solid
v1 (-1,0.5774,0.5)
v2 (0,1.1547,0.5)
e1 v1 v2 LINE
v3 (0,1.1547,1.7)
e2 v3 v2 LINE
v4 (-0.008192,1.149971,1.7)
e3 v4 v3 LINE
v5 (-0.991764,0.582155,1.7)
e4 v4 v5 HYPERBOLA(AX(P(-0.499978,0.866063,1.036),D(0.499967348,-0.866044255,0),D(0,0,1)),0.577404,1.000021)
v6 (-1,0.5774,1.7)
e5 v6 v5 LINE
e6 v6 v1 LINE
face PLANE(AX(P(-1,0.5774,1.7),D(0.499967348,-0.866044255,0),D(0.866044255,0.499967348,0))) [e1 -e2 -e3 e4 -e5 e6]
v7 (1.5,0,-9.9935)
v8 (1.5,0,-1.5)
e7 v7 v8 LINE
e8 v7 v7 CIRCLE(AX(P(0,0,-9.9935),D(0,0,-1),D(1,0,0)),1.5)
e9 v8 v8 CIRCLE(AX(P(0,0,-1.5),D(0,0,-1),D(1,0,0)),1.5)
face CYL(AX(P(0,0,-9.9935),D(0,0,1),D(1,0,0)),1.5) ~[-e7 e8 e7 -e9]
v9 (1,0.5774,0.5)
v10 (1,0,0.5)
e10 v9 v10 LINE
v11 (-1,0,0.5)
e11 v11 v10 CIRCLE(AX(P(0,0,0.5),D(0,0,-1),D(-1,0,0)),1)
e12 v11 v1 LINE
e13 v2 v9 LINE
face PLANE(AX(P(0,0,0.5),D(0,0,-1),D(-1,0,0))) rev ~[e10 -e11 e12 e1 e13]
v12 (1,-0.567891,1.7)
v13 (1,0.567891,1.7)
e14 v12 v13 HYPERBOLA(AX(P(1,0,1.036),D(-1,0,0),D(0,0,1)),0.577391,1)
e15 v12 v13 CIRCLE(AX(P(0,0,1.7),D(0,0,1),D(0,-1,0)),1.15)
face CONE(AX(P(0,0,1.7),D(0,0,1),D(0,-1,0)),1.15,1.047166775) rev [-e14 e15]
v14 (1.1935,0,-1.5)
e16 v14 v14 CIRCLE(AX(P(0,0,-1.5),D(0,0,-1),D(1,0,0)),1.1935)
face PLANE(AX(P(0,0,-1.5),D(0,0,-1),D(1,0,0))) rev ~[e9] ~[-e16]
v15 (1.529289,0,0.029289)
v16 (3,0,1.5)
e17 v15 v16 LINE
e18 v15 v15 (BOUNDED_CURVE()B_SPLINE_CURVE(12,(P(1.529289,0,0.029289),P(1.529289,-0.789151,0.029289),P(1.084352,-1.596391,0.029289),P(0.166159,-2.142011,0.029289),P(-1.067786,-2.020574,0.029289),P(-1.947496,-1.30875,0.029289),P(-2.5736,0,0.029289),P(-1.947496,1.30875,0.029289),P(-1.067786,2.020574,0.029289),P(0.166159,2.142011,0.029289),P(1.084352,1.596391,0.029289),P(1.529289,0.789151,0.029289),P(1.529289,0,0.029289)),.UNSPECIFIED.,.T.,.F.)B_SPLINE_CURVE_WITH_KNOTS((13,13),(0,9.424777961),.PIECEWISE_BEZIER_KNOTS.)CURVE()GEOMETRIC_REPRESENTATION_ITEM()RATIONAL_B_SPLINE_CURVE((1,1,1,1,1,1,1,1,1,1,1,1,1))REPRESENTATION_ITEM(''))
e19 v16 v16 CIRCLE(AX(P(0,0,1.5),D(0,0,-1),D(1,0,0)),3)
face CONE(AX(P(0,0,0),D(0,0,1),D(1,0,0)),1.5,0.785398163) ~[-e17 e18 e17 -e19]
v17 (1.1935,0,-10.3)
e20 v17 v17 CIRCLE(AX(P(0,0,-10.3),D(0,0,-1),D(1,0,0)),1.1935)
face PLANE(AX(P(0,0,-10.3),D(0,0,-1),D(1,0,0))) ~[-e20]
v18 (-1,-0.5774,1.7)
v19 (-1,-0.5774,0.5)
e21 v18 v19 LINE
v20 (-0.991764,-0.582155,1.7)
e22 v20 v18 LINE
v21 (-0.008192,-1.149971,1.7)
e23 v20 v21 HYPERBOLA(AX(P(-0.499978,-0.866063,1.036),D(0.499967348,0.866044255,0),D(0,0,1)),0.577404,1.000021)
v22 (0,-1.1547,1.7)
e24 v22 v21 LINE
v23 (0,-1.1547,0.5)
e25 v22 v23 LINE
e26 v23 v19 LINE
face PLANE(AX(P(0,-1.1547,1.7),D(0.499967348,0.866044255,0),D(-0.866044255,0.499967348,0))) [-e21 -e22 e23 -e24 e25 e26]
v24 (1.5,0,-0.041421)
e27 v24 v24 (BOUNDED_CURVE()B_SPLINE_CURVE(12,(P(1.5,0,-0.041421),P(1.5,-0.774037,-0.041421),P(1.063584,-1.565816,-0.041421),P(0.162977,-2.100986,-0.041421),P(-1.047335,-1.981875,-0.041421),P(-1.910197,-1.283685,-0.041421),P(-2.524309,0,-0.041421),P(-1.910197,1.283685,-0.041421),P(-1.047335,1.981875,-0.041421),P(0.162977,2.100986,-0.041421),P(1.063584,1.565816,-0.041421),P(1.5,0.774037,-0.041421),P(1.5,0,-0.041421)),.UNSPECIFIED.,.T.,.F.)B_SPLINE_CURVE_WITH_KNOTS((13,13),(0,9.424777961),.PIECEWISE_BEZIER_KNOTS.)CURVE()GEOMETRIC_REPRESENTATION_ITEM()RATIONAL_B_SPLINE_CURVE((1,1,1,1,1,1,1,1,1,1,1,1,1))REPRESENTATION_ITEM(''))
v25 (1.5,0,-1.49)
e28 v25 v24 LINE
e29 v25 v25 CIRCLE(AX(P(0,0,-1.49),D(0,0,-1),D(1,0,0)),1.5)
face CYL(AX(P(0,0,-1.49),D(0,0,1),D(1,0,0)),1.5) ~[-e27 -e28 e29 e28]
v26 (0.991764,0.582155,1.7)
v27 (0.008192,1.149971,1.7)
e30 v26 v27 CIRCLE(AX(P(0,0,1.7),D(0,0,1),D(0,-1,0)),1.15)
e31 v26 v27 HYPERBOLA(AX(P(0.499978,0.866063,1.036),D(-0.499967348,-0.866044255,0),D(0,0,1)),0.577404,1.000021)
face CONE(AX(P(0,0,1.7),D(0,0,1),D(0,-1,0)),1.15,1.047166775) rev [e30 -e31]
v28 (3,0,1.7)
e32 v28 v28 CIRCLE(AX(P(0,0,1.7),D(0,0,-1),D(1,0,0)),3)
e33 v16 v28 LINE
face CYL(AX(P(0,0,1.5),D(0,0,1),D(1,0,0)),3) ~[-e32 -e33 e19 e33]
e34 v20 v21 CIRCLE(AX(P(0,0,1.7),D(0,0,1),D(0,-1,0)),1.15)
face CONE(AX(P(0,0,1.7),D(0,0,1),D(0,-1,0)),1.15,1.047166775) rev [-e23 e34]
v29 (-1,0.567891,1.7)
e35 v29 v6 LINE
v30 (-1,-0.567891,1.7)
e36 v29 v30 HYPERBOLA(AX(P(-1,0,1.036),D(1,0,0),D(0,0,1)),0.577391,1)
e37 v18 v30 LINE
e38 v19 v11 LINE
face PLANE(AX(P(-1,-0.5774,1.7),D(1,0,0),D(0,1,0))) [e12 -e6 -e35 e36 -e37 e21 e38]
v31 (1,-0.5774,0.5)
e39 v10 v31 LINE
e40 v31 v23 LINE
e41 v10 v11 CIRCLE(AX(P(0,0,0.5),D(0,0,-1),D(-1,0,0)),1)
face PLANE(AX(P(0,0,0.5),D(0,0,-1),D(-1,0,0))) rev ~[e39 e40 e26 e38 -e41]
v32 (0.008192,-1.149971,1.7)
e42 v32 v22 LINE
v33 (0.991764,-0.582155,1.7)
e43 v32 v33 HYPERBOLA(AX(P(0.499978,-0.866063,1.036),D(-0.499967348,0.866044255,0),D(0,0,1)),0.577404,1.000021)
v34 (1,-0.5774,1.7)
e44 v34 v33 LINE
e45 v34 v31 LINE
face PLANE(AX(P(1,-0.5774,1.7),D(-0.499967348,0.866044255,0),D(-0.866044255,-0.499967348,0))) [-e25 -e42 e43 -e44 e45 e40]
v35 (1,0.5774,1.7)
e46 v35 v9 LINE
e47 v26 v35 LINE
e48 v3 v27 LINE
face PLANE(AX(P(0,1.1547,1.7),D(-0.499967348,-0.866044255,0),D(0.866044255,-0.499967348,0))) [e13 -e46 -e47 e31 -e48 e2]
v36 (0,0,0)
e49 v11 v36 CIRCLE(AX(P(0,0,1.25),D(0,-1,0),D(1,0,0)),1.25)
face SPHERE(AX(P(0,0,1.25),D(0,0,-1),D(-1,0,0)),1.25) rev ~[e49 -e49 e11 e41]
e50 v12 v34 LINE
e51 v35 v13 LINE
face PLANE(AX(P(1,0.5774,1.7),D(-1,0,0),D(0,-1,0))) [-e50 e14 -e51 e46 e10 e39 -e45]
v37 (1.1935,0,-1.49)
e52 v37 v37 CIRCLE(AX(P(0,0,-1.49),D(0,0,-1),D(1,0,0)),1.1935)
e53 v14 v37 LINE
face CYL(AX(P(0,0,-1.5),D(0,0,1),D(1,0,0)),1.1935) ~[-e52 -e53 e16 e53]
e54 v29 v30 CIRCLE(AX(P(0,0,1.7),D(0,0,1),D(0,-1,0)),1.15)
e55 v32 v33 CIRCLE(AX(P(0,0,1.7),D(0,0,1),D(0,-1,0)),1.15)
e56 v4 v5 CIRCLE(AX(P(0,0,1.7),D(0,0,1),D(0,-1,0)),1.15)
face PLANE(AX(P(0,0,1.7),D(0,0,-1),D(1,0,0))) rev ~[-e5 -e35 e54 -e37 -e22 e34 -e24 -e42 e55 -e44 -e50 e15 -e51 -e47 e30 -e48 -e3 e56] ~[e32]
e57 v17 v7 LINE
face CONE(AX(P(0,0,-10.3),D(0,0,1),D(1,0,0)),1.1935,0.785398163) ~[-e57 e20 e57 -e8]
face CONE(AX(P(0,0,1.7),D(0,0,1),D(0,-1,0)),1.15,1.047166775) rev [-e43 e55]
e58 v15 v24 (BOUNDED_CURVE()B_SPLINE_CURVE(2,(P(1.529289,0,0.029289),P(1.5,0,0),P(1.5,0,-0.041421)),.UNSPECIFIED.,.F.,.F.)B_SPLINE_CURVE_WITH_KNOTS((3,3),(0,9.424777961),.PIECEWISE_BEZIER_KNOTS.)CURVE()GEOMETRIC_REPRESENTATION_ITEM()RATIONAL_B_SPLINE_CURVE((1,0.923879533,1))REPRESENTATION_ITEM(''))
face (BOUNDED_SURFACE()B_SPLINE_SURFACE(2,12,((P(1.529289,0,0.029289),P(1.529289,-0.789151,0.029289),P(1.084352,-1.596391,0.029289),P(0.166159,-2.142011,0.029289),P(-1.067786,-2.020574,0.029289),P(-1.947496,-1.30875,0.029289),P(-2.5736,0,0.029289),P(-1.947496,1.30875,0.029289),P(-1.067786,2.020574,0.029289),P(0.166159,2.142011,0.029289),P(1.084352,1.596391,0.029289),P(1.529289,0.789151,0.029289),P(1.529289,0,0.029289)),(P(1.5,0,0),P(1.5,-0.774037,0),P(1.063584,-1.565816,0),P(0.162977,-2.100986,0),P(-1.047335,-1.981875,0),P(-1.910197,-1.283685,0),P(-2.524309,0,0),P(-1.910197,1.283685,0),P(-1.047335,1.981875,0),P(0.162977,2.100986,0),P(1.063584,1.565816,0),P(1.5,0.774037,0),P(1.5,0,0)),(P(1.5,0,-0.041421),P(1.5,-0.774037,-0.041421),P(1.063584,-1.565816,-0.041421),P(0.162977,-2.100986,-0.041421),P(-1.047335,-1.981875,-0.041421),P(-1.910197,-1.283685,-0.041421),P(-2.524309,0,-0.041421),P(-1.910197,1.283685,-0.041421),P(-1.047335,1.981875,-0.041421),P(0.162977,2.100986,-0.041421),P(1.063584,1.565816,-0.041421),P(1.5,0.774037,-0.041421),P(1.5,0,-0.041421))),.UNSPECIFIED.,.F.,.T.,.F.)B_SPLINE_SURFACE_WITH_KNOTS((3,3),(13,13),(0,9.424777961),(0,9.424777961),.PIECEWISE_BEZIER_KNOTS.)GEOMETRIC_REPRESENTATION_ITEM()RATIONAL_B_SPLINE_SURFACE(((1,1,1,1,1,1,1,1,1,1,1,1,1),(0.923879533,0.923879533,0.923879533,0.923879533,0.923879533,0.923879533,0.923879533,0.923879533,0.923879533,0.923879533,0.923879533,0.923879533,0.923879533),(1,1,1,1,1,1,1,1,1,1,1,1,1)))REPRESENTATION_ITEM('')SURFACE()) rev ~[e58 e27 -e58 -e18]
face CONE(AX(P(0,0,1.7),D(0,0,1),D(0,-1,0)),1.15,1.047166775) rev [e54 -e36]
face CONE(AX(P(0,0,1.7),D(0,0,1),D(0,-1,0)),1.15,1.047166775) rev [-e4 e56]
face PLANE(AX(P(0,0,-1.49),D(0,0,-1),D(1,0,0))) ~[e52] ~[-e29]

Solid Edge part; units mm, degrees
sketch "Sketch1" plane through (0, 0, 0) normal (0, -1, 0) x (1, 0, 0)
  line L0 (1.5, 0) -> (3, 1.5)
  line L1 (3, 1.5) -> (3, 1.7)
  line L2 (3, 1.7) -> (0, 1.7)
  line L3 (0, 1.7) -> (0, -10.3)
  line L4 (0, -10.3) -> (1.1935, -10.3)
  line L5 (1.1935, -10.3) -> (1.5, -9.9935)
  line L6 (1.5, -9.9935) -> (1.5, -1.5)
  line L7 (1.5, -1.5) -> (1.1935, -1.5)
  line L8 (1.1935, -1.5) -> (1.1935, -1.49)
  line L9 (1.1935, -1.49) -> (1.5, -1.49)
  line L10 (1.5, -1.49) -> (1.5, 0)
  dimension "D1" = 12
  dimension "D2" = 3
  dimension "D3" = 1.7
  dimension "D4" = 0.01
  dimension "D5" = 1.1935
  dimension "D6" = 3.2
  dimension "D7" = 0.2
revolve "RevolvedProtrusion1" add sketch "Sketch1" angle 360 about axis through (0, 0, 54) along (0, 0, -1)
sketch "Sketch2" plane through (0, 0, 0) normal (0, -1, 0) x (1, 0, 0)
  arc A0 (-1, 0.5) -> (0, 0) centre (0, 1.25) ccw
  line L0 (0, 0.5) -> (0, 0)
  line L1 (-1, 0.5) -> (0, 0.5)
  dimension "D1" = 10.8
revolve "RevolvedCutout1" cut sketch "Sketch2" angle 360 about axis through (0, 0, 54) along (0, 0, -1)
sketch "Sketch3" plane through (0, 0, 1.7) normal (0, 0, 1) x (0, -1, 0)
  line L0 (-1.1547, 0) -> (-0.5774, 1)
  line L1 (-0.5774, 1) -> (0.5774, 1)
  line L2 (0.5774, 1) -> (1.1547, 0)
  line L3 (1.1547, 0) -> (0.5774, -1)
  line L4 (0.5774, -1) -> (-0.5774, -1)
  line L5 (-0.5774, -1) -> (-1.1547, 0)
  dimension "D1" = 2
extrude "Cutout1" cut sketch "Sketch3" against normal blind 1.2
cosmetic_thread "Thread1"
sketch "Sketch4" plane through (0, 0, 0) normal (1, 0, 0) x (0, 1, 0)
  line L0 (-1.15, 1.7) -> (0, 1.036)
revolve "RevolvedCutout2" cut sketch "Sketch4" angle 360 about axis through (0, 0, -57) along (0, 0, 1) material side at (0, -0.55, 1.4113)
fillet "Round1" radius 0.1 1 edges at (-1.5, 0, 0)
properties material "Steel"
